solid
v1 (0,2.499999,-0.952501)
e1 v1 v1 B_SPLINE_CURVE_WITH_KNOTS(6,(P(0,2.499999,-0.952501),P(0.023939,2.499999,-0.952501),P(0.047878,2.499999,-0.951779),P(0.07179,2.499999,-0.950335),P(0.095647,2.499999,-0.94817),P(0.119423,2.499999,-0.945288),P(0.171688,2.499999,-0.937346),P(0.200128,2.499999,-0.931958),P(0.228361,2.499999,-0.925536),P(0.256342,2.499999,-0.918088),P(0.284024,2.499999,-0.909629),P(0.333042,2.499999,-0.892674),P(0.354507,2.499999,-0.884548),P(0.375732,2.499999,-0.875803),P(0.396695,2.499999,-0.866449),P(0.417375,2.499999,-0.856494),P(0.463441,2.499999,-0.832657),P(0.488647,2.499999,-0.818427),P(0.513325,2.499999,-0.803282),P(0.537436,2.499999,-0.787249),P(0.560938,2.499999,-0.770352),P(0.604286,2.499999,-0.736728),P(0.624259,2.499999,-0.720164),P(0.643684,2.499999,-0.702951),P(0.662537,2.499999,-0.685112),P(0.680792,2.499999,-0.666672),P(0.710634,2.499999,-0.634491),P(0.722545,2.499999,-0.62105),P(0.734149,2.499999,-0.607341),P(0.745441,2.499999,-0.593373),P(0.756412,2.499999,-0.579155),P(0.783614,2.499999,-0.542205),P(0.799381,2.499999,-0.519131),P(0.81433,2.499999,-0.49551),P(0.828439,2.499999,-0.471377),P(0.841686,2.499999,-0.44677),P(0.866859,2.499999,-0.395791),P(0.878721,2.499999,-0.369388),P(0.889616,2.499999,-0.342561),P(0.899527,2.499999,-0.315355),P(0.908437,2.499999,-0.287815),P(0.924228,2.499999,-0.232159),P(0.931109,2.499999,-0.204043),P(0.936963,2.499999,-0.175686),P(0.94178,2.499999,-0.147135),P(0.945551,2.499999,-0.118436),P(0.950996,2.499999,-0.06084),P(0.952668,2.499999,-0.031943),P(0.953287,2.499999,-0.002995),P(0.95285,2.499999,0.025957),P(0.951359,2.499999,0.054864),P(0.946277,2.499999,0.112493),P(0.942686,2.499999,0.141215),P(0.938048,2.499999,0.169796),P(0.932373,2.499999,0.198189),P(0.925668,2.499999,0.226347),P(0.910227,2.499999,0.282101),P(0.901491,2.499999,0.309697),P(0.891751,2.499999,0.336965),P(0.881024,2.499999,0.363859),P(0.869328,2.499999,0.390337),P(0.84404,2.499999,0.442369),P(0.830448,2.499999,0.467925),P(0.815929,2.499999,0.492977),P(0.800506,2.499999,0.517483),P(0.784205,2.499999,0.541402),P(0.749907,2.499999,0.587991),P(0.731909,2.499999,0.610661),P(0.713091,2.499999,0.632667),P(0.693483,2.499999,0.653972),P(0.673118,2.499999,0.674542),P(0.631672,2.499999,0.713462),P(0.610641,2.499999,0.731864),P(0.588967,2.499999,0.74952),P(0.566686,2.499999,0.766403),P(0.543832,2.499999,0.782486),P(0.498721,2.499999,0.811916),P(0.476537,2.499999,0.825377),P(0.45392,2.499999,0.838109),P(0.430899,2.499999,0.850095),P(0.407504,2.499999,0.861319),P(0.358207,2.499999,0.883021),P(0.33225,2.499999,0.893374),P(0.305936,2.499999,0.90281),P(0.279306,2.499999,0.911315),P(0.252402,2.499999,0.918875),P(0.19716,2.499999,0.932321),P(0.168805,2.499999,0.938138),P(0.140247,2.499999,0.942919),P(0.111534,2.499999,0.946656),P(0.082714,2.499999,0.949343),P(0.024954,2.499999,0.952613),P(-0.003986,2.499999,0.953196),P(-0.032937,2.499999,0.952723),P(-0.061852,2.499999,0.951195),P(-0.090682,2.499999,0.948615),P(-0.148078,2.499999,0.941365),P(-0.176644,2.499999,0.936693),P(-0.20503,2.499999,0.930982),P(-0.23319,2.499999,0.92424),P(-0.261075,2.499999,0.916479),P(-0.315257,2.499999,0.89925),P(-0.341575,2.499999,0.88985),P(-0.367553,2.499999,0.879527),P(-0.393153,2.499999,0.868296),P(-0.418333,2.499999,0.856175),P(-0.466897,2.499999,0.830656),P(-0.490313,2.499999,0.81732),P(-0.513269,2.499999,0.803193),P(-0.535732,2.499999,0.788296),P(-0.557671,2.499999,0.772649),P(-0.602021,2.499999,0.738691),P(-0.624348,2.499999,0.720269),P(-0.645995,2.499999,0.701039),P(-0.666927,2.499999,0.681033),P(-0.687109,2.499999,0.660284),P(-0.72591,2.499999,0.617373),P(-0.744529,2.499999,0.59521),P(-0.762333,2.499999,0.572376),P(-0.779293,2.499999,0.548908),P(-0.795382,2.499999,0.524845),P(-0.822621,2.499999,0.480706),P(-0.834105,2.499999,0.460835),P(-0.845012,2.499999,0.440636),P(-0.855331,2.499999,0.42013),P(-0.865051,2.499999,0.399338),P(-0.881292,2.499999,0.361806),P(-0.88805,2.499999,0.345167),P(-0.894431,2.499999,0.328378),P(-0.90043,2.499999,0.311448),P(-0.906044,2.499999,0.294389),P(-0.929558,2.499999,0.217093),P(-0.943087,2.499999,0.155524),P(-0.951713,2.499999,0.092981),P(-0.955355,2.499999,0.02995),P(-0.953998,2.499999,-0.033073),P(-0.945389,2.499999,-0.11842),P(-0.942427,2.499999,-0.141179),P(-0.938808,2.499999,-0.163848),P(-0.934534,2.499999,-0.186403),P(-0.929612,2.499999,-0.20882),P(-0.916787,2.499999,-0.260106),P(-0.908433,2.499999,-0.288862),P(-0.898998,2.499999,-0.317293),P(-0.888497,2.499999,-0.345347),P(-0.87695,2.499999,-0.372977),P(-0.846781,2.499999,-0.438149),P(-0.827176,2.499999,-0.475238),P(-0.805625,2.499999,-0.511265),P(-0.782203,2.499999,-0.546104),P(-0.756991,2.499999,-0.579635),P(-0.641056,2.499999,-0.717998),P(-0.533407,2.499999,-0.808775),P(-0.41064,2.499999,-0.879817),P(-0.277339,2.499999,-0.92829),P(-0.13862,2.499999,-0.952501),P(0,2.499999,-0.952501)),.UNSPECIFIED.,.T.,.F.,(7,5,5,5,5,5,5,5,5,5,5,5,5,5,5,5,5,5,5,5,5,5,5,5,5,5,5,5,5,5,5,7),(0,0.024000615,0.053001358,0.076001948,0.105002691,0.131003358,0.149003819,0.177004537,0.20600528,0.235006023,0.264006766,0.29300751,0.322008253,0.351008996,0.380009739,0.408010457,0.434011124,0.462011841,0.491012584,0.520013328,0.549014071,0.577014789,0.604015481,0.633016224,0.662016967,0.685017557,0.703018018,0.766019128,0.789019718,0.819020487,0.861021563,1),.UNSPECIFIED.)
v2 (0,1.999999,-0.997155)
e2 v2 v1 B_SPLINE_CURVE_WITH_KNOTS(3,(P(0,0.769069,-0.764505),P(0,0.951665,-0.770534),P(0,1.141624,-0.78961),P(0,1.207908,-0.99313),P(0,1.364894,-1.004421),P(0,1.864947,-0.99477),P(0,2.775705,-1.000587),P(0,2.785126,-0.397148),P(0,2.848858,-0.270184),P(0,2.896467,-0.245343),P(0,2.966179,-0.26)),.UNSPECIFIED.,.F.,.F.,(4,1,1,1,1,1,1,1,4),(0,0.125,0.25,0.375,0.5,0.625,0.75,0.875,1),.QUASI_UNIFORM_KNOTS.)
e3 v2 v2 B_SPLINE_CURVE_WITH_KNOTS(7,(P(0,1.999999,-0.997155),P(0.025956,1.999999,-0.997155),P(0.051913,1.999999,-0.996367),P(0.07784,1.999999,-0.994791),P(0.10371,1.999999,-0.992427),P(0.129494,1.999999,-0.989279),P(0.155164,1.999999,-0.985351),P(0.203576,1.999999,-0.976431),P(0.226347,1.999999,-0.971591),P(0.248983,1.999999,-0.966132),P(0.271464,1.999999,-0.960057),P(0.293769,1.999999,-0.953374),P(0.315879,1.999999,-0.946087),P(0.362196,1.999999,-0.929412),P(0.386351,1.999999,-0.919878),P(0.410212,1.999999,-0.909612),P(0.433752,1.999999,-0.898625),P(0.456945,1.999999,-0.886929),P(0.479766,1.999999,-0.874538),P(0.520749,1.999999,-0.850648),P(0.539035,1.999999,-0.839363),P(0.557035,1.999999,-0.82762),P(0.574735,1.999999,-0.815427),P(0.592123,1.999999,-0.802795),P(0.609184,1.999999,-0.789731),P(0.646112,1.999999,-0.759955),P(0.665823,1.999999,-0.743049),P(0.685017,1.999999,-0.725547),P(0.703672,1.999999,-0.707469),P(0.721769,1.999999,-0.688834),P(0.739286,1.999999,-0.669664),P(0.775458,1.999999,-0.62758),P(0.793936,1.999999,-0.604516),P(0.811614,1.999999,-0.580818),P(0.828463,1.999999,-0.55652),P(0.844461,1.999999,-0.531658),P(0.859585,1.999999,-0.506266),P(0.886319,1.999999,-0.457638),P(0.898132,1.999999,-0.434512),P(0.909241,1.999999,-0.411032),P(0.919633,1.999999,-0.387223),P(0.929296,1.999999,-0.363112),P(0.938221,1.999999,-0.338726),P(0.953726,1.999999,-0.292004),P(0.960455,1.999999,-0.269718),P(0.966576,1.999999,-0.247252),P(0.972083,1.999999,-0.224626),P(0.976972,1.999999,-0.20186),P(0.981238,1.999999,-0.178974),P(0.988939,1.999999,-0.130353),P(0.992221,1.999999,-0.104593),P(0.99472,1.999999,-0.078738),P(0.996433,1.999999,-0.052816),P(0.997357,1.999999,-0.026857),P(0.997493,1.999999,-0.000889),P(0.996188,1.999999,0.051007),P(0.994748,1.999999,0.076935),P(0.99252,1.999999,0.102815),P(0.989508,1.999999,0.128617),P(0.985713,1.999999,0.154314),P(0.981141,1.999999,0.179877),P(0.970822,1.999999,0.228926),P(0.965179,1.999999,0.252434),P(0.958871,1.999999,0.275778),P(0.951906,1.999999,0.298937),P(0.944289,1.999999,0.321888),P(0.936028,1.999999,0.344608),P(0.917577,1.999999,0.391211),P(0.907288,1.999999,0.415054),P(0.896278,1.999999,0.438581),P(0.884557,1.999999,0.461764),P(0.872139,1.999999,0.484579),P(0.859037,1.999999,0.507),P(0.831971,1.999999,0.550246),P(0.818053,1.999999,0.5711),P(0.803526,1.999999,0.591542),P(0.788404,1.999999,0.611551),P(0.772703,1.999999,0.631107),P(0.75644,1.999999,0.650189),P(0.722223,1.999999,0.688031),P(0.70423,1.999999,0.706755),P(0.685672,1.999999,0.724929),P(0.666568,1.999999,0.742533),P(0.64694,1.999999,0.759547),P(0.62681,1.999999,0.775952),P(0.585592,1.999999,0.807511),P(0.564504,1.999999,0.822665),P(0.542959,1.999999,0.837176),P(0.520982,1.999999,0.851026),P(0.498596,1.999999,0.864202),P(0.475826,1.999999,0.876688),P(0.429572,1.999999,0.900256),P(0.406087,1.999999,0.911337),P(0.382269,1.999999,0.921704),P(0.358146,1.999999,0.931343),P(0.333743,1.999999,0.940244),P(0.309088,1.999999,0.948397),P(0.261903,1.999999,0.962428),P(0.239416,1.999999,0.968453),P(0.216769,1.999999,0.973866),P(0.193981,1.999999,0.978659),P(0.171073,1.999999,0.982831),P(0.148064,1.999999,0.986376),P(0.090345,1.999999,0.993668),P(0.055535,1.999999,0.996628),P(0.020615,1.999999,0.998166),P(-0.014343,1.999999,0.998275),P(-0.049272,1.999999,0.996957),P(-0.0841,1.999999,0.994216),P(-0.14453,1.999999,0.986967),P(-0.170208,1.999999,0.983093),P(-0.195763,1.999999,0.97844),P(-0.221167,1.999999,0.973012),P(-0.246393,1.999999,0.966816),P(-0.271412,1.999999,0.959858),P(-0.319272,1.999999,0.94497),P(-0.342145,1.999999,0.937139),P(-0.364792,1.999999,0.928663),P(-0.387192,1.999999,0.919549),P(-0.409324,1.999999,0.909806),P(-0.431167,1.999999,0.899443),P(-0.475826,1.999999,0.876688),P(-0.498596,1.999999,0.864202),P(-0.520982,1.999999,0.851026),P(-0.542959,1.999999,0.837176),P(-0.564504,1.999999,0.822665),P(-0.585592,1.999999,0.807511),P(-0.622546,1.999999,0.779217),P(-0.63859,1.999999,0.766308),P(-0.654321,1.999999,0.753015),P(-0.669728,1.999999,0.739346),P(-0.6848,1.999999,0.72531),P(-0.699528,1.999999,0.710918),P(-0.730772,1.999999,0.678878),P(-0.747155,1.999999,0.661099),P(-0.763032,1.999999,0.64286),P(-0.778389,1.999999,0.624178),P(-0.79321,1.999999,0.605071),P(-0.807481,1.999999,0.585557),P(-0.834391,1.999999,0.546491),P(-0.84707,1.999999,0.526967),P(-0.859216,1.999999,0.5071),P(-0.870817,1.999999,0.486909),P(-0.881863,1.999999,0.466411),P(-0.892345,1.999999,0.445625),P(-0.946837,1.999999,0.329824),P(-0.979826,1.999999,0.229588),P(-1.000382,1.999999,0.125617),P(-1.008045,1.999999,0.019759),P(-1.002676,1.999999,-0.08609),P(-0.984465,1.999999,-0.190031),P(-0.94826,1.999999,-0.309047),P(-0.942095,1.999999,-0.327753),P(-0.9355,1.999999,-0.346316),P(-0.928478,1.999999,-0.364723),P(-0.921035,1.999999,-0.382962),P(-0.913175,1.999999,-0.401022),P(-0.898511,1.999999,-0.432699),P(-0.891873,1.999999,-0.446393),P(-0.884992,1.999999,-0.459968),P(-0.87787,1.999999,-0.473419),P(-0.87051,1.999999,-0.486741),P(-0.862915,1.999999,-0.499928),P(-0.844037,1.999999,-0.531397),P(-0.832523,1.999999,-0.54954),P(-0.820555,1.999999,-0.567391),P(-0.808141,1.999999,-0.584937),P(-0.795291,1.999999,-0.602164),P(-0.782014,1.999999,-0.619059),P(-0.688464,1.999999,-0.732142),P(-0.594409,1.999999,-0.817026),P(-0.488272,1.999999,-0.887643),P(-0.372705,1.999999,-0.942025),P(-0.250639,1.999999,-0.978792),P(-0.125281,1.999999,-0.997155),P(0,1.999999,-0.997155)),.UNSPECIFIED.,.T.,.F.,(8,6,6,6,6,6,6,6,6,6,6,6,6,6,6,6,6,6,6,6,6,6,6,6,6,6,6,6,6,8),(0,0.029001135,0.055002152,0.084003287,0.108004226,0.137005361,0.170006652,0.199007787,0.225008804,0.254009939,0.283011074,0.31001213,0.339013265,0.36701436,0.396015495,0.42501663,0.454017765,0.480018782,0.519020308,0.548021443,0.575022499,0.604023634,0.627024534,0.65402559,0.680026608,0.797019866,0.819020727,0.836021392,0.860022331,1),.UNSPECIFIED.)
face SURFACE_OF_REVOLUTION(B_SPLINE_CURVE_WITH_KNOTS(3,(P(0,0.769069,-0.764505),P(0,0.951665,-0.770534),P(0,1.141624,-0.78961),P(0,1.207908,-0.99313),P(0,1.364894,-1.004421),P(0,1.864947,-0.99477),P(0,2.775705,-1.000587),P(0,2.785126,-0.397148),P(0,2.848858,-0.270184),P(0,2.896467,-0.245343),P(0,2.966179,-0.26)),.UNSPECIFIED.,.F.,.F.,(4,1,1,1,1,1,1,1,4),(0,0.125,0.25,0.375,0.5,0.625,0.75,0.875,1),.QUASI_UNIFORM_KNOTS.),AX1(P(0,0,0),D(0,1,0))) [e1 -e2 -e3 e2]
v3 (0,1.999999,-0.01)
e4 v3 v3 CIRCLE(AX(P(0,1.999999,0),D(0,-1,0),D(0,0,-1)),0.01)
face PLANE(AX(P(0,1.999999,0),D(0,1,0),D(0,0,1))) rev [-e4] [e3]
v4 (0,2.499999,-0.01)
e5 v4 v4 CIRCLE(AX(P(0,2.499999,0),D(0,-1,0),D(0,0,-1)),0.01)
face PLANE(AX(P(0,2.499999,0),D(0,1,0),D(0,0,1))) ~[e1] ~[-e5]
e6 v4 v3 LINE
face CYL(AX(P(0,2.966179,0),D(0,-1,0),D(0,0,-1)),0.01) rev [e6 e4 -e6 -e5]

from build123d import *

# Parameters (mm, degrees)
SKETCH043_W   = 5.272505
SKETCH043_H   = 4.54278
SKETCH043_W_2 = 8.635091
SKETCH043_H_2 = 4.530322


with BuildPart() as part:
    # Sketch042 → Revolution008 (revolve)
    with BuildSketch(Plane(origin=(0, 0, -0.01), x_dir=(0, -1, 0), z_dir=(1, 0, 0))):
        with BuildLine():
            add(Edge.make_bspline(
                [(-0.769069, 0.754505), (-0.951665, 0.760534), (-1.141624, 0.77961), (-1.207908, 0.98313), (-1.364894, 0.994421), (-1.864947, 0.98477), (-2.775705, 0.990587), (-2.785126, 0.387148), (-2.848858, 0.260184), (-2.896467, 0.235343), (-2.966179, 0.25)],
                knots=[0, 0, 0, 0, 0.125, 0.25, 0.375, 0.5, 0.625, 0.75, 0.875, 1, 1, 1, 1], degree=3))
            Line((-2.966179, 0.25), (-2.966179, 0))
            Line((-2.966179, 0), (0, 0))
            Line((0, 0), (0, 0.75))
            add(Edge.make_bspline(
                [(-0.769069, 0.754505), (-0.446942, 0.755366), (0, 0.75)],
                knots=[0, 0, 0, 1, 1, 1], degree=2))
        make_face()
    revolution008 = revolve(axis=Axis((0, 0, 0), (0, 1, 0)))

    # Mirrored012: Revolution008 across Sketch042 V_Axis
    add(revolution008.mirror(Plane(origin=(0, 0, -0.01), x_dir=(1, 0, 0), z_dir=(0, -1, 0))))

    # Sketch043 → Groove004 (revolve, cut)
    with BuildSketch(Plane.YZ):
        with Locations((5.136252, 2.27139)):
            Rectangle(SKETCH043_W, SKETCH043_H)
        with Locations((-2.317546, 2.265161)):
            Rectangle(SKETCH043_W_2, SKETCH043_H_2)
    revolve(axis=Axis((0, 0, 0), (0, 1, 0)), mode=Mode.SUBTRACT)


solid = part.part
